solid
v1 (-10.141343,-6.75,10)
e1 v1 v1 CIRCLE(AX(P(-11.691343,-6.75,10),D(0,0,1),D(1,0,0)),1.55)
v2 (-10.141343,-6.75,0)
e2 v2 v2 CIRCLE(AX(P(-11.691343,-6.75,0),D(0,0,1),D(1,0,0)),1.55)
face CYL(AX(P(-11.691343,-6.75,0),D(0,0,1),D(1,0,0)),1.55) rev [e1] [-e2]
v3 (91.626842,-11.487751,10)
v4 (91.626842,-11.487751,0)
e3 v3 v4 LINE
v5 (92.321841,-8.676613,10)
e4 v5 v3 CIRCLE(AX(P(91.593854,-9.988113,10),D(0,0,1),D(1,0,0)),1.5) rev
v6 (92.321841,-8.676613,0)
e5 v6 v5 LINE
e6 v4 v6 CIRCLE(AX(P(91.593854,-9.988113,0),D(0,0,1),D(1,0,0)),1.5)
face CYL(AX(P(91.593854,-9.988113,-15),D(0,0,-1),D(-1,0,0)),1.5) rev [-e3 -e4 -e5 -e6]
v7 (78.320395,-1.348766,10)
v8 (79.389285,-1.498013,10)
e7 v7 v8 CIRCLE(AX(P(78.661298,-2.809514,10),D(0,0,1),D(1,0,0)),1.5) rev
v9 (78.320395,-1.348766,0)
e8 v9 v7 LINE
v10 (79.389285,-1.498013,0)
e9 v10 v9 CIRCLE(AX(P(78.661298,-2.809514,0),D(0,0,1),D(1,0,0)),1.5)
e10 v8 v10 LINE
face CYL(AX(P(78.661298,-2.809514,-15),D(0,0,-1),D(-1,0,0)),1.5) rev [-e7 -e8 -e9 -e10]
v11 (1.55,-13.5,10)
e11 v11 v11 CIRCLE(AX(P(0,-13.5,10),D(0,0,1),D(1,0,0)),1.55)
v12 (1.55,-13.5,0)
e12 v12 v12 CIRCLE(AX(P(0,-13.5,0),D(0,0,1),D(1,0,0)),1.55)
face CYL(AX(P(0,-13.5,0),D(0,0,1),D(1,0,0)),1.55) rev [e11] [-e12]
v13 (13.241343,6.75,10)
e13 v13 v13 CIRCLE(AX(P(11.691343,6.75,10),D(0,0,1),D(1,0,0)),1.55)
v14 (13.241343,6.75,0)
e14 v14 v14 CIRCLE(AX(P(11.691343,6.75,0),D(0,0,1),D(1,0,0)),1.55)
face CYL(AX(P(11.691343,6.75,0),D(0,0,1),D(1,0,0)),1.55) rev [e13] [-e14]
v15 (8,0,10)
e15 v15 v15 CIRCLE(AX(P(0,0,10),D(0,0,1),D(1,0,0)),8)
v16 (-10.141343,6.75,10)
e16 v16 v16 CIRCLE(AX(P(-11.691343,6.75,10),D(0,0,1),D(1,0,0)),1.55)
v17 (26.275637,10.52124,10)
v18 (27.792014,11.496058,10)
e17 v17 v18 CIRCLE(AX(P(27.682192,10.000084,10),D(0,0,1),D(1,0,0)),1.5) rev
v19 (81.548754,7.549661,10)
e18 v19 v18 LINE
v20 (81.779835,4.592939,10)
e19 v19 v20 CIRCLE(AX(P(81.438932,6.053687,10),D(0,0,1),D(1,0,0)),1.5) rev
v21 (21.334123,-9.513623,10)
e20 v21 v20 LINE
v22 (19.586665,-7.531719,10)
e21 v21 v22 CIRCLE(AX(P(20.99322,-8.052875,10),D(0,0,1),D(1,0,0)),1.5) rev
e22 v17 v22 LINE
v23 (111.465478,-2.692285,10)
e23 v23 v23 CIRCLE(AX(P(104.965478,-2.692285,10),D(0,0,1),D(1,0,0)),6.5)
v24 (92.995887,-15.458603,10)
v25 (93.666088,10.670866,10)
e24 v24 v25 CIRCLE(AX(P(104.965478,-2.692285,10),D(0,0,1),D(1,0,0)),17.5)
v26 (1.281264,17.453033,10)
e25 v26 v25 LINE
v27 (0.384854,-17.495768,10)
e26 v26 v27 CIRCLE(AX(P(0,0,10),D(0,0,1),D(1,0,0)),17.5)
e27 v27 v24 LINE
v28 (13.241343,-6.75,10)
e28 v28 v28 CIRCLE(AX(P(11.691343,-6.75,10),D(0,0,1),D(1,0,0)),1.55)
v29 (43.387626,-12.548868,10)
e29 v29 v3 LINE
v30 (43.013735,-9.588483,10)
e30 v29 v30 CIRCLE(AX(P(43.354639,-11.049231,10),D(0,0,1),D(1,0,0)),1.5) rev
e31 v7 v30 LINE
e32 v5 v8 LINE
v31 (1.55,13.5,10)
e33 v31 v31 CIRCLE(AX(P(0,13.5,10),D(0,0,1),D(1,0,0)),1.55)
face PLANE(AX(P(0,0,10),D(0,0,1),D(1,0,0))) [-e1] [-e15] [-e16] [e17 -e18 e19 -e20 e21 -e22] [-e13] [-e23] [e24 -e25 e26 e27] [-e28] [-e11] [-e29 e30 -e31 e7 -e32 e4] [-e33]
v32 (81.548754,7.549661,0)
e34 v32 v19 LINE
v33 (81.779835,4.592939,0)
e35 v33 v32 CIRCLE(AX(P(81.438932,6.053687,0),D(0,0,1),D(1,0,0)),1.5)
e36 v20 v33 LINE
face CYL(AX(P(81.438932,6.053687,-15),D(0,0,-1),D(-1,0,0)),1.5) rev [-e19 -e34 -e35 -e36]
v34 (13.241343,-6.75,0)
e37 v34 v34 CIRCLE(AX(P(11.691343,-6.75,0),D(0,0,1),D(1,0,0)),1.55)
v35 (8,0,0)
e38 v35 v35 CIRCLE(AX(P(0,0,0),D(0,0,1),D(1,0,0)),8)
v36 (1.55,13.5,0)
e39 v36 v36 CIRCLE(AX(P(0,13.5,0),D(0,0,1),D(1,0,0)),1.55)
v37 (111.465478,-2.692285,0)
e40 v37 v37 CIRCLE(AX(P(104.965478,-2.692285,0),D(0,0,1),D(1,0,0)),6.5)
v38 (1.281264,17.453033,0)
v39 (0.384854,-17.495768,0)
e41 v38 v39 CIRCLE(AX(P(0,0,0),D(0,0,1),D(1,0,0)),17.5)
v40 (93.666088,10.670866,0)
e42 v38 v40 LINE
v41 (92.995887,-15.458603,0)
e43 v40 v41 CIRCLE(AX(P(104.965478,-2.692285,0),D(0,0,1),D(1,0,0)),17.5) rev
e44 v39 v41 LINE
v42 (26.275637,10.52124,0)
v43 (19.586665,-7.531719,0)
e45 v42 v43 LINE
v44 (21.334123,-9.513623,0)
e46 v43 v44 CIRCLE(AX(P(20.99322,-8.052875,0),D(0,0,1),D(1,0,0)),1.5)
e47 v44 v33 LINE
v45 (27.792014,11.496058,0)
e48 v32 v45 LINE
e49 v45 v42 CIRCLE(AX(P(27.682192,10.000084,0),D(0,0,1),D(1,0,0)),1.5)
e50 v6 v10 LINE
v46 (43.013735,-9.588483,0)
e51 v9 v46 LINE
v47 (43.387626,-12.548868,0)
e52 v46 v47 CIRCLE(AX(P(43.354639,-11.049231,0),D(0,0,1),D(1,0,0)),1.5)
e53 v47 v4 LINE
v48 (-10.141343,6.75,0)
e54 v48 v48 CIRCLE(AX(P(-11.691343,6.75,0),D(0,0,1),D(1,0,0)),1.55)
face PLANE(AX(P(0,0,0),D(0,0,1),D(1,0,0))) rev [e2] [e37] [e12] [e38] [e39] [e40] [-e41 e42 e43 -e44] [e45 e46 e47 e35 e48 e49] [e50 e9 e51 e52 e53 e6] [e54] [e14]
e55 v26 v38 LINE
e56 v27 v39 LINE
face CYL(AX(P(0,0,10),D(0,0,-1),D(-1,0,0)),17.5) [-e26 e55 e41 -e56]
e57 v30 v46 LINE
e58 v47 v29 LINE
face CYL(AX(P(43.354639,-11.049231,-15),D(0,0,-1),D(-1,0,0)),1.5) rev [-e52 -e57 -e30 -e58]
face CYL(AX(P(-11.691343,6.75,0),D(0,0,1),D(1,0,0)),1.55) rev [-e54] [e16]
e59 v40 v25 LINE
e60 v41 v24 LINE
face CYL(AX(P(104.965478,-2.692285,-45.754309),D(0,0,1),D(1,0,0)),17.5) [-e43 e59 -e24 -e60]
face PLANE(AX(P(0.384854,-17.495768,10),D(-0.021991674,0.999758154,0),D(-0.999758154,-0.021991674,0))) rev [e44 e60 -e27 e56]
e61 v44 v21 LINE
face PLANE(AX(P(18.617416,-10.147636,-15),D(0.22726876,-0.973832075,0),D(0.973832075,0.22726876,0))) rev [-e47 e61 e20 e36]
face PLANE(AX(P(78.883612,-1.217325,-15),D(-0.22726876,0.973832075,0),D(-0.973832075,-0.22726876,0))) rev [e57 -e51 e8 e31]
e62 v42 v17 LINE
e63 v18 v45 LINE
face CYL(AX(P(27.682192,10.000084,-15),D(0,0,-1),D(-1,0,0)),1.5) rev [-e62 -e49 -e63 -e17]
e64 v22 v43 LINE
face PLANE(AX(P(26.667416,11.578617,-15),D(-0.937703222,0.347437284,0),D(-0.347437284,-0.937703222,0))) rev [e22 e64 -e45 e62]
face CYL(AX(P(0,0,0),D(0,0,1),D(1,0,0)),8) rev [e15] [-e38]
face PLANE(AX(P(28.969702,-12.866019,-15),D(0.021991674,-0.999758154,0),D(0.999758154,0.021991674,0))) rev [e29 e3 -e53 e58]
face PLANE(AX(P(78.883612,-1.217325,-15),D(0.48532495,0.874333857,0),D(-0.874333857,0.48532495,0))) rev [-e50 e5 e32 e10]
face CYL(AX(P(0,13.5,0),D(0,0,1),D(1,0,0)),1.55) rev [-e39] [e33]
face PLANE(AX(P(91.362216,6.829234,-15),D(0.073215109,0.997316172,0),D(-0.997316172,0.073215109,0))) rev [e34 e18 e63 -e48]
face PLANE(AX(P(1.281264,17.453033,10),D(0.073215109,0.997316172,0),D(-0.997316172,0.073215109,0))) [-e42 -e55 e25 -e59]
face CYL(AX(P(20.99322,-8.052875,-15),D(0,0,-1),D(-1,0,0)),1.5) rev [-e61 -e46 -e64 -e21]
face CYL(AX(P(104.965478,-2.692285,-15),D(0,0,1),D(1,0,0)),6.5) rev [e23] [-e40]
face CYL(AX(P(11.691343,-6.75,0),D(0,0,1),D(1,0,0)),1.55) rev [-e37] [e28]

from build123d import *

# Parameters (mm, degrees)
EXTRUDE_1_DEPTH     = 10
SKETCH_2_R          = 1.55
SKETCH_2_R_2        = 8
CUT_EXTRUDE_1_DEPTH = 10
CUT_EXTRUDE_2_DEPTH = 25
FILLET_1_R          = 1.5
SKETCH_4_R          = 6.5
CUT_EXTRUDE_3_DEPTH = 25
EXTRUDE_START       = -10
EXTRUDE_2_DEPTH     = 10


with BuildPart() as part:
    # 草图1 → 凸台-拉伸1 (new body)
    with BuildSketch(Plane.XY):
        with BuildLine():
            Line((105.880667011, 9.774167654), (1.281264399, 17.453033018))
            ThreePointArc((1.281264399, 17.453033018), (-17.494246359, 0.448714084), (0.384854302, -17.495767693))
            Line((0.384854302, -17.495767693), (105.240374084, -15.189261425))
            ThreePointArc((105.240374084, -15.189261425), (117.461368411, -3.012794561), (105.880667011, 9.774167654))
        make_face()
    extrude(amount=EXTRUDE_1_DEPTH)

    # 草图2 → 切除-拉伸1 (cut)
    with BuildSketch(Plane.XY.offset(10)):
        with Locations((0, 13.5)):
            Circle(SKETCH_2_R)
        with Locations((11.691342951, 6.75)):
            Circle(SKETCH_2_R)
        with Locations((11.691342951, -6.75)):
            Circle(SKETCH_2_R)
        with Locations((0, -13.5)):
            Circle(SKETCH_2_R)
        with Locations((-11.691342951, -6.75)):
            Circle(SKETCH_2_R)
        with Locations((-11.691342951, 6.75)):
            Circle(SKETCH_2_R)
        Circle(SKETCH_2_R_2)
    extrude(amount=-CUT_EXTRUDE_1_DEPTH, mode=Mode.SUBTRACT)

    # 草图3 → 切除-拉伸2 (cut)
    with BuildSketch(Plane.XY.offset(10)):
        Polygon((28.969702276, -12.866019337), (97.16669186, -11.365890548), (78.883612283, -1.217324734), align=None)
        Polygon((26.667415907, 11.578617262), (18.617416428, -10.147636057), (91.362216416, 6.829233896), align=None)
    extrude(amount=-CUT_EXTRUDE_2_DEPTH, mode=Mode.SUBTRACT)

    # 圆角1
    fillet_1_edges = [part.edges().sort_by_distance(p)[0] for p in [
        (26.667415907, 11.578617262, 5),
        (91.362216416, 6.829233896, 5),
        (18.617416428, -10.147636057, 5),
        (28.969702276, -12.866019337, 5),
        (78.883612283, -1.217324734, 5),
        (97.16669186, -11.365890548, 5),
    ]]
    fillet(fillet_1_edges, radius=FILLET_1_R)

    # 草图4 → 切除-拉伸3 (cut)
    with BuildSketch(Plane.XY.offset(10)):
        with Locations((104.965478154, -2.692284502)):
            Circle(SKETCH_4_R)
    extrude(amount=-CUT_EXTRUDE_3_DEPTH, mode=Mode.SUBTRACT)

    # 草图5 → 凸台-拉伸2 (add)
    with BuildSketch(Plane.XY.offset(10).offset(EXTRUDE_START)):
        with BuildLine():
            Line((93.666088337, 10.670865941), (105.880667011, 9.774167654))
            ThreePointArc((105.880667011, 9.774167654), (117.461368411, -3.012794561), (105.240374084, -15.189261425))
            Line((105.240374084, -15.189261425), (92.995887368, -15.458603329))
            ThreePointArc((92.995887368, -15.458603329), (122.459724513, -3.140998585), (93.666088337, 10.670865941))
        make_face()
    extrude(amount=EXTRUDE_2_DEPTH)


solid = part.part
